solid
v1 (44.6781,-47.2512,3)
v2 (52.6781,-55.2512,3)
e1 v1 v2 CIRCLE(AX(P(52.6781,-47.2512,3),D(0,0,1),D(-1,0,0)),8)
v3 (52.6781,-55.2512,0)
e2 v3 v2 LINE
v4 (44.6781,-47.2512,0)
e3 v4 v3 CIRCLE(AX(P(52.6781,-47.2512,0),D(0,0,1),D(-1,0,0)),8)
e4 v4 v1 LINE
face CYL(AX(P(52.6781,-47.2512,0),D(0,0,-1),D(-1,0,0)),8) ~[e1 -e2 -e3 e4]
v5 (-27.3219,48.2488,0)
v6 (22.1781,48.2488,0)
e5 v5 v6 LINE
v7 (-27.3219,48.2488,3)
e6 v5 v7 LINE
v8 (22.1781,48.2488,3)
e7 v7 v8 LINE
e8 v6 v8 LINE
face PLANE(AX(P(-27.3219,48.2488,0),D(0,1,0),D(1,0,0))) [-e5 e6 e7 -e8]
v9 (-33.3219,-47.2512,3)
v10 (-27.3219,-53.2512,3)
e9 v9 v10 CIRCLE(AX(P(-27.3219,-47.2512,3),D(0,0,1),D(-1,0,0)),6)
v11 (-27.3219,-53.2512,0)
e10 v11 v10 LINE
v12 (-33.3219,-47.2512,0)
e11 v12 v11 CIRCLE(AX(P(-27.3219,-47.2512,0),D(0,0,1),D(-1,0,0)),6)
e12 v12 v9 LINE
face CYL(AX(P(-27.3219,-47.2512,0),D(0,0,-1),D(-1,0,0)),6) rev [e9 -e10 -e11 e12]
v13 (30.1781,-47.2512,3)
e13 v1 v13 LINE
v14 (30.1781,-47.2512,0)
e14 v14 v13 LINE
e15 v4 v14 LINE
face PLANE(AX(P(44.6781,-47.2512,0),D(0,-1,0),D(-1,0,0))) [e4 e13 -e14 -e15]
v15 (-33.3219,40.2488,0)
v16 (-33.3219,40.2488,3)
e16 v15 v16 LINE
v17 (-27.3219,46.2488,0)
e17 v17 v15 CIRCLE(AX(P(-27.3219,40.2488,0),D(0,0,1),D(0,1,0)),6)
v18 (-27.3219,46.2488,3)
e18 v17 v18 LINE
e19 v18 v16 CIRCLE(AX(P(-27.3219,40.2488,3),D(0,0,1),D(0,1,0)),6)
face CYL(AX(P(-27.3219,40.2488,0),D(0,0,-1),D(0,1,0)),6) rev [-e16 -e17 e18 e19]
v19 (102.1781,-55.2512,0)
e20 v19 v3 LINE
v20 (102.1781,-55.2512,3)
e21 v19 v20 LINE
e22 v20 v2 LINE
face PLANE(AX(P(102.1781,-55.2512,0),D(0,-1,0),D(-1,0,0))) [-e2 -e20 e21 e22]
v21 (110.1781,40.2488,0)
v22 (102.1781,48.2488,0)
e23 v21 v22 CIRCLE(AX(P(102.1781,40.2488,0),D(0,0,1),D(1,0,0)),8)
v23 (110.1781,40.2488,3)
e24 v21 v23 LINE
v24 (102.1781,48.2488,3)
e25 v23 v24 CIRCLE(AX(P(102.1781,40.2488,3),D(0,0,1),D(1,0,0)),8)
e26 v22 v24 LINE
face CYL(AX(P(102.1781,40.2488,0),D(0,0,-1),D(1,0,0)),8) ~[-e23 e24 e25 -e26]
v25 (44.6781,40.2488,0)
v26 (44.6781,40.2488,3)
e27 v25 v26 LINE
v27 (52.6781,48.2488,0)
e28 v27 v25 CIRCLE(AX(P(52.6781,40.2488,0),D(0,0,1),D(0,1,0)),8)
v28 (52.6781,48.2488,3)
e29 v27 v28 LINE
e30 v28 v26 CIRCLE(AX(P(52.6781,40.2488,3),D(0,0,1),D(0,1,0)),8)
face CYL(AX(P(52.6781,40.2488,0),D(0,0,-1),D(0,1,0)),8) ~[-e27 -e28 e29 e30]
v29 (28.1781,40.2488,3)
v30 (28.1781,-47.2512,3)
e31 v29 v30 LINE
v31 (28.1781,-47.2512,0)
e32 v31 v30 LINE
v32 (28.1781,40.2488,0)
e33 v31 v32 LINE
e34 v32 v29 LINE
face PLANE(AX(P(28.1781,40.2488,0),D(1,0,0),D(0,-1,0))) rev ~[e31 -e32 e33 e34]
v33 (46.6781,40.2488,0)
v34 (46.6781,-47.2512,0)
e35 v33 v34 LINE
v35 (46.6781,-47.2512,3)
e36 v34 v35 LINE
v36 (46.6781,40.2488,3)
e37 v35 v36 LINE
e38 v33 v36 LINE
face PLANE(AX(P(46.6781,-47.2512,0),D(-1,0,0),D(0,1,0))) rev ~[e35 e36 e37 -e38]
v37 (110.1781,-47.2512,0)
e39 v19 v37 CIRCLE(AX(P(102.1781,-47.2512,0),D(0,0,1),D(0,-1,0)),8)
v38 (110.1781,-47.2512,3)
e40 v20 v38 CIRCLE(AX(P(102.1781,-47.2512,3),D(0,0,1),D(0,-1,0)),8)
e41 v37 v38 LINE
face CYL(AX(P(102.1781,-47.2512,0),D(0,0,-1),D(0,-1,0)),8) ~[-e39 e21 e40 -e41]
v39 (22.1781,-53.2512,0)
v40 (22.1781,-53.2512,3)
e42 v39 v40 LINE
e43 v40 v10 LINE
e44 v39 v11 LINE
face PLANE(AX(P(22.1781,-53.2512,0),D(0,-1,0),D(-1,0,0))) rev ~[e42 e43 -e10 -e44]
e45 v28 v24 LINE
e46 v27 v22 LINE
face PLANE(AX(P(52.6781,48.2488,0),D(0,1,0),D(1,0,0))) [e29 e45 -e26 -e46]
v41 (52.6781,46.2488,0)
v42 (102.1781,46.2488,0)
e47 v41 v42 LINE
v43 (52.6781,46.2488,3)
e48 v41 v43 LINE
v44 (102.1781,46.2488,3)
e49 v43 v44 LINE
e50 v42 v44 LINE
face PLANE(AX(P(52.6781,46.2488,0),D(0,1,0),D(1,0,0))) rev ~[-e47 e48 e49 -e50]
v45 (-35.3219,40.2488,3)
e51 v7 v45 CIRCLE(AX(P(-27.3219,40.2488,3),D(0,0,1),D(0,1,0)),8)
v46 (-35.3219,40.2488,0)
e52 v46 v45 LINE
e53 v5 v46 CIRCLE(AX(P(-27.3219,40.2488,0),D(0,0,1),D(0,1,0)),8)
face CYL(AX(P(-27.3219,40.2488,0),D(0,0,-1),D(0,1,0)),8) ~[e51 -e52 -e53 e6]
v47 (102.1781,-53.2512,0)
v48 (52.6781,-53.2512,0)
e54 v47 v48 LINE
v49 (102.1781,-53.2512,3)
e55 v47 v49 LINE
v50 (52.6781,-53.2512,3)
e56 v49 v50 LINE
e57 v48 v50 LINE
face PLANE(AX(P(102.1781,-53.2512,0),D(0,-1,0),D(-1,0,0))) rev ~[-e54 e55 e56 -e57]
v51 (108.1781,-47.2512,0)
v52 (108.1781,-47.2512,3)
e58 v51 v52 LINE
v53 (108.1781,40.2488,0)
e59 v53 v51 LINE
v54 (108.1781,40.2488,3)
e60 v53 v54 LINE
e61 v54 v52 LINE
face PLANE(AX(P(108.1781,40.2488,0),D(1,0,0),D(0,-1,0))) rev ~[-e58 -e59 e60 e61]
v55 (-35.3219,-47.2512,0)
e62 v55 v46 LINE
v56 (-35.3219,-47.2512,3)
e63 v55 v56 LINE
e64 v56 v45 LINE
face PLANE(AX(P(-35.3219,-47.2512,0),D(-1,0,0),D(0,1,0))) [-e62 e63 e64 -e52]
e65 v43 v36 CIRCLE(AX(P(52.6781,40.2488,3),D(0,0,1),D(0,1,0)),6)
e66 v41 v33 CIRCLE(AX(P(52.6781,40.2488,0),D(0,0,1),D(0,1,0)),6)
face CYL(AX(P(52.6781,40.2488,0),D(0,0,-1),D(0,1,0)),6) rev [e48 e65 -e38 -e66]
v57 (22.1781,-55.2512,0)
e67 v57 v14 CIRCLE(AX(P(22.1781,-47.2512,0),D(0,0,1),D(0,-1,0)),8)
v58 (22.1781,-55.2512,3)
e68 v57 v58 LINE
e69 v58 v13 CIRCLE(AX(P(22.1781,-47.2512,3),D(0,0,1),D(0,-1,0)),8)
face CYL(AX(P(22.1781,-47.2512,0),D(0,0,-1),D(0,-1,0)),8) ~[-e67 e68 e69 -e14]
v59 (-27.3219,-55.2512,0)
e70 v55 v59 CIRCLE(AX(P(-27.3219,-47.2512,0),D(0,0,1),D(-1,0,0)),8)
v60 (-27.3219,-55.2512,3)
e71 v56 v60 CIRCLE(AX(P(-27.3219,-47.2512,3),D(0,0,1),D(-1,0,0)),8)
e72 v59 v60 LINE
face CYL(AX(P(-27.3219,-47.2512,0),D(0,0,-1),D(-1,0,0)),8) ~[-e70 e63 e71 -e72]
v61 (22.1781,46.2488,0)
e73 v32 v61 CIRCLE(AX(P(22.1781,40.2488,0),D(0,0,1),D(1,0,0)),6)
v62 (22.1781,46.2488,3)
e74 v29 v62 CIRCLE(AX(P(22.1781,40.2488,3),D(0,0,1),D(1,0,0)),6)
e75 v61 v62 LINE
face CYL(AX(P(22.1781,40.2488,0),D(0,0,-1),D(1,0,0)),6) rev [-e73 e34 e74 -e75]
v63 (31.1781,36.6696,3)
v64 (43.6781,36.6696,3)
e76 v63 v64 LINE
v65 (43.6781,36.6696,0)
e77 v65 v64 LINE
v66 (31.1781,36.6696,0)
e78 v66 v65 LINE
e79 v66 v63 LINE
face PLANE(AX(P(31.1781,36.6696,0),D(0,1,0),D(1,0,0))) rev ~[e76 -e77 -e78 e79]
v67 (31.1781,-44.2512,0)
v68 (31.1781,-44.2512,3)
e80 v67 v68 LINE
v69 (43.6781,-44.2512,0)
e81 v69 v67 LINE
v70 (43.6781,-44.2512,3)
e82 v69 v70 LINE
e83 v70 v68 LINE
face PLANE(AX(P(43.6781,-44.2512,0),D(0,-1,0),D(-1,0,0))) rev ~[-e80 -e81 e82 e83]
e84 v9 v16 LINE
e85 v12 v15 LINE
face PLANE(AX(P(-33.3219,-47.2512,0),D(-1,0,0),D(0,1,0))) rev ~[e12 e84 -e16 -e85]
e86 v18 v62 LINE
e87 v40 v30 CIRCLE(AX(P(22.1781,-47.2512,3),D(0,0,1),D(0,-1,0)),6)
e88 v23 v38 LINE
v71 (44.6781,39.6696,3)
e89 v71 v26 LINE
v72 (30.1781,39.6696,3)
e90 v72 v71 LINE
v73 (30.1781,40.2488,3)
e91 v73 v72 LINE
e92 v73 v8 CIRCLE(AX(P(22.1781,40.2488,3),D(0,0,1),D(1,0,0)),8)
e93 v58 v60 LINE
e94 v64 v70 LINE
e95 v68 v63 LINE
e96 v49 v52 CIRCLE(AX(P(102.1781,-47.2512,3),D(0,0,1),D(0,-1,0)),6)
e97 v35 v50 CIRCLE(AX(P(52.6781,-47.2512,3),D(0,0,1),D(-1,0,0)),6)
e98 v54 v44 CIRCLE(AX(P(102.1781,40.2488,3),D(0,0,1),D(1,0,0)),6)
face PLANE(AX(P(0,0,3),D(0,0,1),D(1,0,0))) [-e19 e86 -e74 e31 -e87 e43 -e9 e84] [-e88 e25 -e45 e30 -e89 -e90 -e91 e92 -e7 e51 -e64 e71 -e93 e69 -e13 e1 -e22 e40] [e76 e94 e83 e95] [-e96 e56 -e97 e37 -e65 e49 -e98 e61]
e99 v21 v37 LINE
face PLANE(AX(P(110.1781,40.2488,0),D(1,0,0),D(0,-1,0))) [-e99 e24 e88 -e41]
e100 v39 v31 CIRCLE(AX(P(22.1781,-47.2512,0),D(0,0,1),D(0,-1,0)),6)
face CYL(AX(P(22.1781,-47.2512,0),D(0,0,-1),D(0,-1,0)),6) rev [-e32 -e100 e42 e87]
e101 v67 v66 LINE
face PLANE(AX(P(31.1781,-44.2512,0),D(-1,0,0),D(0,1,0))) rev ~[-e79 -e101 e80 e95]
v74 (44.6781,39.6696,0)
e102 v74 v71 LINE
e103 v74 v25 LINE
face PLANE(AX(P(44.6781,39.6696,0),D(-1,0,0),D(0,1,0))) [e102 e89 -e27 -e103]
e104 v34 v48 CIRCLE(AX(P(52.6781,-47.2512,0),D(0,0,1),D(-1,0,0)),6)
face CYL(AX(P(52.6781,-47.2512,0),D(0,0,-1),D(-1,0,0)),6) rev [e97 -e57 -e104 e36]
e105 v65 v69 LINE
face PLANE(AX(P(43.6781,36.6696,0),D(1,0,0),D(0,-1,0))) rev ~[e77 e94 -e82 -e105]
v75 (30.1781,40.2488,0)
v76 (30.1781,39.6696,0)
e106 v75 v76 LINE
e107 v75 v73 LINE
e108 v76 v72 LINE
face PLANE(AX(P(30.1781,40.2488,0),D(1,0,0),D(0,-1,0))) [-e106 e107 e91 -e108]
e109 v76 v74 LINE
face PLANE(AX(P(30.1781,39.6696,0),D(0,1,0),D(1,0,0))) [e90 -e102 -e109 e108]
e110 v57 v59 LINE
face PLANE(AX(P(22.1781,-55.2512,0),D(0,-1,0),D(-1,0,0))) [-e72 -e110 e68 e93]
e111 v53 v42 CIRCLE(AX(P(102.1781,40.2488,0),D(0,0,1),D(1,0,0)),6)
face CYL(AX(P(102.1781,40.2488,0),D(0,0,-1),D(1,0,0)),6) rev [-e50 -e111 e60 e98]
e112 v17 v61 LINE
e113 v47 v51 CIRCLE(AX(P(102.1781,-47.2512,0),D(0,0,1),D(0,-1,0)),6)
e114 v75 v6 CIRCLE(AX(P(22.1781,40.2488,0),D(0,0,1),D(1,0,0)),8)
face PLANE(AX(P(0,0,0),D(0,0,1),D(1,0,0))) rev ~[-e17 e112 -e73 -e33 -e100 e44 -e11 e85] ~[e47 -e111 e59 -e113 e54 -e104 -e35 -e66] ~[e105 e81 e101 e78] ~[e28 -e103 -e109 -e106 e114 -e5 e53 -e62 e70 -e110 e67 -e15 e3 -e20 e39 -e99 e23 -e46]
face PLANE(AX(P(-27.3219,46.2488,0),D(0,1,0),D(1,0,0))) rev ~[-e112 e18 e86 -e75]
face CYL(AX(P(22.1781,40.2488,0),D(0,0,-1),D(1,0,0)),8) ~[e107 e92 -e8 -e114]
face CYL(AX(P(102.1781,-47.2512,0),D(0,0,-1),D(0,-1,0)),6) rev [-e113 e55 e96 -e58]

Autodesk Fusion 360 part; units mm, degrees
sketch "Sketch1" plane through (0, 0, 0) normal (0, 0, 1) x (1, 0, 0)
  line L0 (-27.3219, 46.2488) -> (22.1781, 46.2488)
  line L1 (28.1781, 40.2488) -> (28.1781, -47.2512)
  line L2 (22.1781, -53.2512) -> (-27.3219, -53.2512)
  line L3 (-33.3219, -47.2512) -> (-33.3219, 40.2488)
  arc A0 (28.1781, 40.2488) -> (22.1781, 46.2488) centre (22.1781, 40.2488) ccw
  arc A1 (-33.3219, -47.2512) -> (-27.3219, -53.2512) centre (-27.3219, -47.2512) ccw
  arc A2 (22.1781, -53.2512) -> (28.1781, -47.2512) centre (22.1781, -47.2512) ccw
  arc A3 (-27.3219, 46.2488) -> (-33.3219, 40.2488) centre (-27.3219, 40.2488) ccw
  arc A4 (22.1781, -55.2512) -> (30.1781, -47.2512) centre (22.1781, -47.2512) ccw
  line L4 (30.1781, 40.2488) -> (30.1781, -47.2512)
  arc A5 (30.1781, 40.2488) -> (22.1781, 48.2488) centre (22.1781, 40.2488) ccw
  line L5 (-27.3219, 48.2488) -> (22.1781, 48.2488)
  arc A6 (-27.3219, 48.2488) -> (-35.3219, 40.2488) centre (-27.3219, 40.2488) ccw
  line L6 (-35.3219, -47.2512) -> (-35.3219, 40.2488)
  arc A7 (-35.3219, -47.2512) -> (-27.3219, -55.2512) centre (-27.3219, -47.2512) ccw
  line L7 (22.1781, -55.2512) -> (-27.3219, -55.2512)
  line L8 (52.6781, 48.2488) -> (102.1781, 48.2488)
  line L9 (102.1781, -55.2512) -> (52.6781, -55.2512)
  line L10 (102.1781, -53.2512) -> (52.6781, -53.2512)
  arc A8 (102.1781, -53.2512) -> (108.1781, -47.2512) centre (102.1781, -47.2512) ccw
  line L11 (110.1781, 40.2488) -> (110.1781, -47.2512)
  arc A9 (46.6781, -47.2512) -> (52.6781, -53.2512) centre (52.6781, -47.2512) ccw
  line L12 (46.6781, -47.2512) -> (46.6781, 40.2488)
  line L13 (44.6781, -47.2512) -> (44.6781, 40.2488)
  arc A10 (108.1781, 40.2488) -> (102.1781, 46.2488) centre (102.1781, 40.2488) ccw
  arc A11 (52.6781, 46.2488) -> (46.6781, 40.2488) centre (52.6781, 40.2488) ccw
  arc A12 (52.6781, 48.2488) -> (44.6781, 40.2488) centre (52.6781, 40.2488) ccw
  arc A13 (44.6781, -47.2512) -> (52.6781, -55.2512) centre (52.6781, -47.2512) ccw
  arc A14 (102.1781, -55.2512) -> (110.1781, -47.2512) centre (102.1781, -47.2512) ccw
  arc A15 (110.1781, 40.2488) -> (102.1781, 48.2488) centre (102.1781, 40.2488) ccw
  line L14 (52.6781, 46.2488) -> (102.1781, 46.2488)
  line L15 (108.1781, 40.2488) -> (108.1781, -47.2512)
  line L16 (44.6781, 39.6601) -> (44.6781, -47.2512)
  line L17 (30.1781, -47.2512) -> (30.1781, 39.6601)
  line L18 (28.1781, 39.6696) -> (46.6781, 39.6696)
  line L19 (46.6781, 39.6696) -> (46.6781, -47.2512)
  line L20 (46.6781, -47.2512) -> (28.1781, -47.2512)
  line L21 (28.1781, -47.2512) -> (28.1781, 39.6696)
  line L22 (43.6781, -44.2512) -> (31.1781, -44.2512)
  line L23 (31.1781, -44.2512) -> (31.1781, 36.6696)
  line L24 (31.1781, 36.6696) -> (43.6781, 36.6696)
  line L25 (43.6781, 36.6696) -> (43.6781, -44.2512)
  point P0 (-33.3219, 46.2488)
  point P1 (28.1781, 46.2488)
  point P2 (-33.3219, -53.2512)
  point P3 (108.1781, 46.2488)
  point P4 (46.6781, -53.2512)
  point P5 (46.6781, 46.2488)
  point P6 (80, 0)
  dimension "d1" = 61.5
  dimension "d2" = 99.5
  dimension "d3" = 6
  dimension "d4" = 2
  dimension "d7" = 80
  dimension "d8" = 0
  dimension "d11" = 3
extrude "Extrude1" add sketch "Sketch1" along normal blind 3 contours L0 L1 L2 L3 A0 A1 A2 A3 A4 L4 A5 L5 A6 L6 A7 L7 L18 L20 | L1 L4 L17 L18 L20 L21 | L4 L13 L16 L17 L18 L20 | L12 L13 L16 L18 L19 L20 | L8 L9 L10 A8 L11 A9 L12 L13 A10 A11 A12 A13 A14 A15 L14 L15 L18 L20
